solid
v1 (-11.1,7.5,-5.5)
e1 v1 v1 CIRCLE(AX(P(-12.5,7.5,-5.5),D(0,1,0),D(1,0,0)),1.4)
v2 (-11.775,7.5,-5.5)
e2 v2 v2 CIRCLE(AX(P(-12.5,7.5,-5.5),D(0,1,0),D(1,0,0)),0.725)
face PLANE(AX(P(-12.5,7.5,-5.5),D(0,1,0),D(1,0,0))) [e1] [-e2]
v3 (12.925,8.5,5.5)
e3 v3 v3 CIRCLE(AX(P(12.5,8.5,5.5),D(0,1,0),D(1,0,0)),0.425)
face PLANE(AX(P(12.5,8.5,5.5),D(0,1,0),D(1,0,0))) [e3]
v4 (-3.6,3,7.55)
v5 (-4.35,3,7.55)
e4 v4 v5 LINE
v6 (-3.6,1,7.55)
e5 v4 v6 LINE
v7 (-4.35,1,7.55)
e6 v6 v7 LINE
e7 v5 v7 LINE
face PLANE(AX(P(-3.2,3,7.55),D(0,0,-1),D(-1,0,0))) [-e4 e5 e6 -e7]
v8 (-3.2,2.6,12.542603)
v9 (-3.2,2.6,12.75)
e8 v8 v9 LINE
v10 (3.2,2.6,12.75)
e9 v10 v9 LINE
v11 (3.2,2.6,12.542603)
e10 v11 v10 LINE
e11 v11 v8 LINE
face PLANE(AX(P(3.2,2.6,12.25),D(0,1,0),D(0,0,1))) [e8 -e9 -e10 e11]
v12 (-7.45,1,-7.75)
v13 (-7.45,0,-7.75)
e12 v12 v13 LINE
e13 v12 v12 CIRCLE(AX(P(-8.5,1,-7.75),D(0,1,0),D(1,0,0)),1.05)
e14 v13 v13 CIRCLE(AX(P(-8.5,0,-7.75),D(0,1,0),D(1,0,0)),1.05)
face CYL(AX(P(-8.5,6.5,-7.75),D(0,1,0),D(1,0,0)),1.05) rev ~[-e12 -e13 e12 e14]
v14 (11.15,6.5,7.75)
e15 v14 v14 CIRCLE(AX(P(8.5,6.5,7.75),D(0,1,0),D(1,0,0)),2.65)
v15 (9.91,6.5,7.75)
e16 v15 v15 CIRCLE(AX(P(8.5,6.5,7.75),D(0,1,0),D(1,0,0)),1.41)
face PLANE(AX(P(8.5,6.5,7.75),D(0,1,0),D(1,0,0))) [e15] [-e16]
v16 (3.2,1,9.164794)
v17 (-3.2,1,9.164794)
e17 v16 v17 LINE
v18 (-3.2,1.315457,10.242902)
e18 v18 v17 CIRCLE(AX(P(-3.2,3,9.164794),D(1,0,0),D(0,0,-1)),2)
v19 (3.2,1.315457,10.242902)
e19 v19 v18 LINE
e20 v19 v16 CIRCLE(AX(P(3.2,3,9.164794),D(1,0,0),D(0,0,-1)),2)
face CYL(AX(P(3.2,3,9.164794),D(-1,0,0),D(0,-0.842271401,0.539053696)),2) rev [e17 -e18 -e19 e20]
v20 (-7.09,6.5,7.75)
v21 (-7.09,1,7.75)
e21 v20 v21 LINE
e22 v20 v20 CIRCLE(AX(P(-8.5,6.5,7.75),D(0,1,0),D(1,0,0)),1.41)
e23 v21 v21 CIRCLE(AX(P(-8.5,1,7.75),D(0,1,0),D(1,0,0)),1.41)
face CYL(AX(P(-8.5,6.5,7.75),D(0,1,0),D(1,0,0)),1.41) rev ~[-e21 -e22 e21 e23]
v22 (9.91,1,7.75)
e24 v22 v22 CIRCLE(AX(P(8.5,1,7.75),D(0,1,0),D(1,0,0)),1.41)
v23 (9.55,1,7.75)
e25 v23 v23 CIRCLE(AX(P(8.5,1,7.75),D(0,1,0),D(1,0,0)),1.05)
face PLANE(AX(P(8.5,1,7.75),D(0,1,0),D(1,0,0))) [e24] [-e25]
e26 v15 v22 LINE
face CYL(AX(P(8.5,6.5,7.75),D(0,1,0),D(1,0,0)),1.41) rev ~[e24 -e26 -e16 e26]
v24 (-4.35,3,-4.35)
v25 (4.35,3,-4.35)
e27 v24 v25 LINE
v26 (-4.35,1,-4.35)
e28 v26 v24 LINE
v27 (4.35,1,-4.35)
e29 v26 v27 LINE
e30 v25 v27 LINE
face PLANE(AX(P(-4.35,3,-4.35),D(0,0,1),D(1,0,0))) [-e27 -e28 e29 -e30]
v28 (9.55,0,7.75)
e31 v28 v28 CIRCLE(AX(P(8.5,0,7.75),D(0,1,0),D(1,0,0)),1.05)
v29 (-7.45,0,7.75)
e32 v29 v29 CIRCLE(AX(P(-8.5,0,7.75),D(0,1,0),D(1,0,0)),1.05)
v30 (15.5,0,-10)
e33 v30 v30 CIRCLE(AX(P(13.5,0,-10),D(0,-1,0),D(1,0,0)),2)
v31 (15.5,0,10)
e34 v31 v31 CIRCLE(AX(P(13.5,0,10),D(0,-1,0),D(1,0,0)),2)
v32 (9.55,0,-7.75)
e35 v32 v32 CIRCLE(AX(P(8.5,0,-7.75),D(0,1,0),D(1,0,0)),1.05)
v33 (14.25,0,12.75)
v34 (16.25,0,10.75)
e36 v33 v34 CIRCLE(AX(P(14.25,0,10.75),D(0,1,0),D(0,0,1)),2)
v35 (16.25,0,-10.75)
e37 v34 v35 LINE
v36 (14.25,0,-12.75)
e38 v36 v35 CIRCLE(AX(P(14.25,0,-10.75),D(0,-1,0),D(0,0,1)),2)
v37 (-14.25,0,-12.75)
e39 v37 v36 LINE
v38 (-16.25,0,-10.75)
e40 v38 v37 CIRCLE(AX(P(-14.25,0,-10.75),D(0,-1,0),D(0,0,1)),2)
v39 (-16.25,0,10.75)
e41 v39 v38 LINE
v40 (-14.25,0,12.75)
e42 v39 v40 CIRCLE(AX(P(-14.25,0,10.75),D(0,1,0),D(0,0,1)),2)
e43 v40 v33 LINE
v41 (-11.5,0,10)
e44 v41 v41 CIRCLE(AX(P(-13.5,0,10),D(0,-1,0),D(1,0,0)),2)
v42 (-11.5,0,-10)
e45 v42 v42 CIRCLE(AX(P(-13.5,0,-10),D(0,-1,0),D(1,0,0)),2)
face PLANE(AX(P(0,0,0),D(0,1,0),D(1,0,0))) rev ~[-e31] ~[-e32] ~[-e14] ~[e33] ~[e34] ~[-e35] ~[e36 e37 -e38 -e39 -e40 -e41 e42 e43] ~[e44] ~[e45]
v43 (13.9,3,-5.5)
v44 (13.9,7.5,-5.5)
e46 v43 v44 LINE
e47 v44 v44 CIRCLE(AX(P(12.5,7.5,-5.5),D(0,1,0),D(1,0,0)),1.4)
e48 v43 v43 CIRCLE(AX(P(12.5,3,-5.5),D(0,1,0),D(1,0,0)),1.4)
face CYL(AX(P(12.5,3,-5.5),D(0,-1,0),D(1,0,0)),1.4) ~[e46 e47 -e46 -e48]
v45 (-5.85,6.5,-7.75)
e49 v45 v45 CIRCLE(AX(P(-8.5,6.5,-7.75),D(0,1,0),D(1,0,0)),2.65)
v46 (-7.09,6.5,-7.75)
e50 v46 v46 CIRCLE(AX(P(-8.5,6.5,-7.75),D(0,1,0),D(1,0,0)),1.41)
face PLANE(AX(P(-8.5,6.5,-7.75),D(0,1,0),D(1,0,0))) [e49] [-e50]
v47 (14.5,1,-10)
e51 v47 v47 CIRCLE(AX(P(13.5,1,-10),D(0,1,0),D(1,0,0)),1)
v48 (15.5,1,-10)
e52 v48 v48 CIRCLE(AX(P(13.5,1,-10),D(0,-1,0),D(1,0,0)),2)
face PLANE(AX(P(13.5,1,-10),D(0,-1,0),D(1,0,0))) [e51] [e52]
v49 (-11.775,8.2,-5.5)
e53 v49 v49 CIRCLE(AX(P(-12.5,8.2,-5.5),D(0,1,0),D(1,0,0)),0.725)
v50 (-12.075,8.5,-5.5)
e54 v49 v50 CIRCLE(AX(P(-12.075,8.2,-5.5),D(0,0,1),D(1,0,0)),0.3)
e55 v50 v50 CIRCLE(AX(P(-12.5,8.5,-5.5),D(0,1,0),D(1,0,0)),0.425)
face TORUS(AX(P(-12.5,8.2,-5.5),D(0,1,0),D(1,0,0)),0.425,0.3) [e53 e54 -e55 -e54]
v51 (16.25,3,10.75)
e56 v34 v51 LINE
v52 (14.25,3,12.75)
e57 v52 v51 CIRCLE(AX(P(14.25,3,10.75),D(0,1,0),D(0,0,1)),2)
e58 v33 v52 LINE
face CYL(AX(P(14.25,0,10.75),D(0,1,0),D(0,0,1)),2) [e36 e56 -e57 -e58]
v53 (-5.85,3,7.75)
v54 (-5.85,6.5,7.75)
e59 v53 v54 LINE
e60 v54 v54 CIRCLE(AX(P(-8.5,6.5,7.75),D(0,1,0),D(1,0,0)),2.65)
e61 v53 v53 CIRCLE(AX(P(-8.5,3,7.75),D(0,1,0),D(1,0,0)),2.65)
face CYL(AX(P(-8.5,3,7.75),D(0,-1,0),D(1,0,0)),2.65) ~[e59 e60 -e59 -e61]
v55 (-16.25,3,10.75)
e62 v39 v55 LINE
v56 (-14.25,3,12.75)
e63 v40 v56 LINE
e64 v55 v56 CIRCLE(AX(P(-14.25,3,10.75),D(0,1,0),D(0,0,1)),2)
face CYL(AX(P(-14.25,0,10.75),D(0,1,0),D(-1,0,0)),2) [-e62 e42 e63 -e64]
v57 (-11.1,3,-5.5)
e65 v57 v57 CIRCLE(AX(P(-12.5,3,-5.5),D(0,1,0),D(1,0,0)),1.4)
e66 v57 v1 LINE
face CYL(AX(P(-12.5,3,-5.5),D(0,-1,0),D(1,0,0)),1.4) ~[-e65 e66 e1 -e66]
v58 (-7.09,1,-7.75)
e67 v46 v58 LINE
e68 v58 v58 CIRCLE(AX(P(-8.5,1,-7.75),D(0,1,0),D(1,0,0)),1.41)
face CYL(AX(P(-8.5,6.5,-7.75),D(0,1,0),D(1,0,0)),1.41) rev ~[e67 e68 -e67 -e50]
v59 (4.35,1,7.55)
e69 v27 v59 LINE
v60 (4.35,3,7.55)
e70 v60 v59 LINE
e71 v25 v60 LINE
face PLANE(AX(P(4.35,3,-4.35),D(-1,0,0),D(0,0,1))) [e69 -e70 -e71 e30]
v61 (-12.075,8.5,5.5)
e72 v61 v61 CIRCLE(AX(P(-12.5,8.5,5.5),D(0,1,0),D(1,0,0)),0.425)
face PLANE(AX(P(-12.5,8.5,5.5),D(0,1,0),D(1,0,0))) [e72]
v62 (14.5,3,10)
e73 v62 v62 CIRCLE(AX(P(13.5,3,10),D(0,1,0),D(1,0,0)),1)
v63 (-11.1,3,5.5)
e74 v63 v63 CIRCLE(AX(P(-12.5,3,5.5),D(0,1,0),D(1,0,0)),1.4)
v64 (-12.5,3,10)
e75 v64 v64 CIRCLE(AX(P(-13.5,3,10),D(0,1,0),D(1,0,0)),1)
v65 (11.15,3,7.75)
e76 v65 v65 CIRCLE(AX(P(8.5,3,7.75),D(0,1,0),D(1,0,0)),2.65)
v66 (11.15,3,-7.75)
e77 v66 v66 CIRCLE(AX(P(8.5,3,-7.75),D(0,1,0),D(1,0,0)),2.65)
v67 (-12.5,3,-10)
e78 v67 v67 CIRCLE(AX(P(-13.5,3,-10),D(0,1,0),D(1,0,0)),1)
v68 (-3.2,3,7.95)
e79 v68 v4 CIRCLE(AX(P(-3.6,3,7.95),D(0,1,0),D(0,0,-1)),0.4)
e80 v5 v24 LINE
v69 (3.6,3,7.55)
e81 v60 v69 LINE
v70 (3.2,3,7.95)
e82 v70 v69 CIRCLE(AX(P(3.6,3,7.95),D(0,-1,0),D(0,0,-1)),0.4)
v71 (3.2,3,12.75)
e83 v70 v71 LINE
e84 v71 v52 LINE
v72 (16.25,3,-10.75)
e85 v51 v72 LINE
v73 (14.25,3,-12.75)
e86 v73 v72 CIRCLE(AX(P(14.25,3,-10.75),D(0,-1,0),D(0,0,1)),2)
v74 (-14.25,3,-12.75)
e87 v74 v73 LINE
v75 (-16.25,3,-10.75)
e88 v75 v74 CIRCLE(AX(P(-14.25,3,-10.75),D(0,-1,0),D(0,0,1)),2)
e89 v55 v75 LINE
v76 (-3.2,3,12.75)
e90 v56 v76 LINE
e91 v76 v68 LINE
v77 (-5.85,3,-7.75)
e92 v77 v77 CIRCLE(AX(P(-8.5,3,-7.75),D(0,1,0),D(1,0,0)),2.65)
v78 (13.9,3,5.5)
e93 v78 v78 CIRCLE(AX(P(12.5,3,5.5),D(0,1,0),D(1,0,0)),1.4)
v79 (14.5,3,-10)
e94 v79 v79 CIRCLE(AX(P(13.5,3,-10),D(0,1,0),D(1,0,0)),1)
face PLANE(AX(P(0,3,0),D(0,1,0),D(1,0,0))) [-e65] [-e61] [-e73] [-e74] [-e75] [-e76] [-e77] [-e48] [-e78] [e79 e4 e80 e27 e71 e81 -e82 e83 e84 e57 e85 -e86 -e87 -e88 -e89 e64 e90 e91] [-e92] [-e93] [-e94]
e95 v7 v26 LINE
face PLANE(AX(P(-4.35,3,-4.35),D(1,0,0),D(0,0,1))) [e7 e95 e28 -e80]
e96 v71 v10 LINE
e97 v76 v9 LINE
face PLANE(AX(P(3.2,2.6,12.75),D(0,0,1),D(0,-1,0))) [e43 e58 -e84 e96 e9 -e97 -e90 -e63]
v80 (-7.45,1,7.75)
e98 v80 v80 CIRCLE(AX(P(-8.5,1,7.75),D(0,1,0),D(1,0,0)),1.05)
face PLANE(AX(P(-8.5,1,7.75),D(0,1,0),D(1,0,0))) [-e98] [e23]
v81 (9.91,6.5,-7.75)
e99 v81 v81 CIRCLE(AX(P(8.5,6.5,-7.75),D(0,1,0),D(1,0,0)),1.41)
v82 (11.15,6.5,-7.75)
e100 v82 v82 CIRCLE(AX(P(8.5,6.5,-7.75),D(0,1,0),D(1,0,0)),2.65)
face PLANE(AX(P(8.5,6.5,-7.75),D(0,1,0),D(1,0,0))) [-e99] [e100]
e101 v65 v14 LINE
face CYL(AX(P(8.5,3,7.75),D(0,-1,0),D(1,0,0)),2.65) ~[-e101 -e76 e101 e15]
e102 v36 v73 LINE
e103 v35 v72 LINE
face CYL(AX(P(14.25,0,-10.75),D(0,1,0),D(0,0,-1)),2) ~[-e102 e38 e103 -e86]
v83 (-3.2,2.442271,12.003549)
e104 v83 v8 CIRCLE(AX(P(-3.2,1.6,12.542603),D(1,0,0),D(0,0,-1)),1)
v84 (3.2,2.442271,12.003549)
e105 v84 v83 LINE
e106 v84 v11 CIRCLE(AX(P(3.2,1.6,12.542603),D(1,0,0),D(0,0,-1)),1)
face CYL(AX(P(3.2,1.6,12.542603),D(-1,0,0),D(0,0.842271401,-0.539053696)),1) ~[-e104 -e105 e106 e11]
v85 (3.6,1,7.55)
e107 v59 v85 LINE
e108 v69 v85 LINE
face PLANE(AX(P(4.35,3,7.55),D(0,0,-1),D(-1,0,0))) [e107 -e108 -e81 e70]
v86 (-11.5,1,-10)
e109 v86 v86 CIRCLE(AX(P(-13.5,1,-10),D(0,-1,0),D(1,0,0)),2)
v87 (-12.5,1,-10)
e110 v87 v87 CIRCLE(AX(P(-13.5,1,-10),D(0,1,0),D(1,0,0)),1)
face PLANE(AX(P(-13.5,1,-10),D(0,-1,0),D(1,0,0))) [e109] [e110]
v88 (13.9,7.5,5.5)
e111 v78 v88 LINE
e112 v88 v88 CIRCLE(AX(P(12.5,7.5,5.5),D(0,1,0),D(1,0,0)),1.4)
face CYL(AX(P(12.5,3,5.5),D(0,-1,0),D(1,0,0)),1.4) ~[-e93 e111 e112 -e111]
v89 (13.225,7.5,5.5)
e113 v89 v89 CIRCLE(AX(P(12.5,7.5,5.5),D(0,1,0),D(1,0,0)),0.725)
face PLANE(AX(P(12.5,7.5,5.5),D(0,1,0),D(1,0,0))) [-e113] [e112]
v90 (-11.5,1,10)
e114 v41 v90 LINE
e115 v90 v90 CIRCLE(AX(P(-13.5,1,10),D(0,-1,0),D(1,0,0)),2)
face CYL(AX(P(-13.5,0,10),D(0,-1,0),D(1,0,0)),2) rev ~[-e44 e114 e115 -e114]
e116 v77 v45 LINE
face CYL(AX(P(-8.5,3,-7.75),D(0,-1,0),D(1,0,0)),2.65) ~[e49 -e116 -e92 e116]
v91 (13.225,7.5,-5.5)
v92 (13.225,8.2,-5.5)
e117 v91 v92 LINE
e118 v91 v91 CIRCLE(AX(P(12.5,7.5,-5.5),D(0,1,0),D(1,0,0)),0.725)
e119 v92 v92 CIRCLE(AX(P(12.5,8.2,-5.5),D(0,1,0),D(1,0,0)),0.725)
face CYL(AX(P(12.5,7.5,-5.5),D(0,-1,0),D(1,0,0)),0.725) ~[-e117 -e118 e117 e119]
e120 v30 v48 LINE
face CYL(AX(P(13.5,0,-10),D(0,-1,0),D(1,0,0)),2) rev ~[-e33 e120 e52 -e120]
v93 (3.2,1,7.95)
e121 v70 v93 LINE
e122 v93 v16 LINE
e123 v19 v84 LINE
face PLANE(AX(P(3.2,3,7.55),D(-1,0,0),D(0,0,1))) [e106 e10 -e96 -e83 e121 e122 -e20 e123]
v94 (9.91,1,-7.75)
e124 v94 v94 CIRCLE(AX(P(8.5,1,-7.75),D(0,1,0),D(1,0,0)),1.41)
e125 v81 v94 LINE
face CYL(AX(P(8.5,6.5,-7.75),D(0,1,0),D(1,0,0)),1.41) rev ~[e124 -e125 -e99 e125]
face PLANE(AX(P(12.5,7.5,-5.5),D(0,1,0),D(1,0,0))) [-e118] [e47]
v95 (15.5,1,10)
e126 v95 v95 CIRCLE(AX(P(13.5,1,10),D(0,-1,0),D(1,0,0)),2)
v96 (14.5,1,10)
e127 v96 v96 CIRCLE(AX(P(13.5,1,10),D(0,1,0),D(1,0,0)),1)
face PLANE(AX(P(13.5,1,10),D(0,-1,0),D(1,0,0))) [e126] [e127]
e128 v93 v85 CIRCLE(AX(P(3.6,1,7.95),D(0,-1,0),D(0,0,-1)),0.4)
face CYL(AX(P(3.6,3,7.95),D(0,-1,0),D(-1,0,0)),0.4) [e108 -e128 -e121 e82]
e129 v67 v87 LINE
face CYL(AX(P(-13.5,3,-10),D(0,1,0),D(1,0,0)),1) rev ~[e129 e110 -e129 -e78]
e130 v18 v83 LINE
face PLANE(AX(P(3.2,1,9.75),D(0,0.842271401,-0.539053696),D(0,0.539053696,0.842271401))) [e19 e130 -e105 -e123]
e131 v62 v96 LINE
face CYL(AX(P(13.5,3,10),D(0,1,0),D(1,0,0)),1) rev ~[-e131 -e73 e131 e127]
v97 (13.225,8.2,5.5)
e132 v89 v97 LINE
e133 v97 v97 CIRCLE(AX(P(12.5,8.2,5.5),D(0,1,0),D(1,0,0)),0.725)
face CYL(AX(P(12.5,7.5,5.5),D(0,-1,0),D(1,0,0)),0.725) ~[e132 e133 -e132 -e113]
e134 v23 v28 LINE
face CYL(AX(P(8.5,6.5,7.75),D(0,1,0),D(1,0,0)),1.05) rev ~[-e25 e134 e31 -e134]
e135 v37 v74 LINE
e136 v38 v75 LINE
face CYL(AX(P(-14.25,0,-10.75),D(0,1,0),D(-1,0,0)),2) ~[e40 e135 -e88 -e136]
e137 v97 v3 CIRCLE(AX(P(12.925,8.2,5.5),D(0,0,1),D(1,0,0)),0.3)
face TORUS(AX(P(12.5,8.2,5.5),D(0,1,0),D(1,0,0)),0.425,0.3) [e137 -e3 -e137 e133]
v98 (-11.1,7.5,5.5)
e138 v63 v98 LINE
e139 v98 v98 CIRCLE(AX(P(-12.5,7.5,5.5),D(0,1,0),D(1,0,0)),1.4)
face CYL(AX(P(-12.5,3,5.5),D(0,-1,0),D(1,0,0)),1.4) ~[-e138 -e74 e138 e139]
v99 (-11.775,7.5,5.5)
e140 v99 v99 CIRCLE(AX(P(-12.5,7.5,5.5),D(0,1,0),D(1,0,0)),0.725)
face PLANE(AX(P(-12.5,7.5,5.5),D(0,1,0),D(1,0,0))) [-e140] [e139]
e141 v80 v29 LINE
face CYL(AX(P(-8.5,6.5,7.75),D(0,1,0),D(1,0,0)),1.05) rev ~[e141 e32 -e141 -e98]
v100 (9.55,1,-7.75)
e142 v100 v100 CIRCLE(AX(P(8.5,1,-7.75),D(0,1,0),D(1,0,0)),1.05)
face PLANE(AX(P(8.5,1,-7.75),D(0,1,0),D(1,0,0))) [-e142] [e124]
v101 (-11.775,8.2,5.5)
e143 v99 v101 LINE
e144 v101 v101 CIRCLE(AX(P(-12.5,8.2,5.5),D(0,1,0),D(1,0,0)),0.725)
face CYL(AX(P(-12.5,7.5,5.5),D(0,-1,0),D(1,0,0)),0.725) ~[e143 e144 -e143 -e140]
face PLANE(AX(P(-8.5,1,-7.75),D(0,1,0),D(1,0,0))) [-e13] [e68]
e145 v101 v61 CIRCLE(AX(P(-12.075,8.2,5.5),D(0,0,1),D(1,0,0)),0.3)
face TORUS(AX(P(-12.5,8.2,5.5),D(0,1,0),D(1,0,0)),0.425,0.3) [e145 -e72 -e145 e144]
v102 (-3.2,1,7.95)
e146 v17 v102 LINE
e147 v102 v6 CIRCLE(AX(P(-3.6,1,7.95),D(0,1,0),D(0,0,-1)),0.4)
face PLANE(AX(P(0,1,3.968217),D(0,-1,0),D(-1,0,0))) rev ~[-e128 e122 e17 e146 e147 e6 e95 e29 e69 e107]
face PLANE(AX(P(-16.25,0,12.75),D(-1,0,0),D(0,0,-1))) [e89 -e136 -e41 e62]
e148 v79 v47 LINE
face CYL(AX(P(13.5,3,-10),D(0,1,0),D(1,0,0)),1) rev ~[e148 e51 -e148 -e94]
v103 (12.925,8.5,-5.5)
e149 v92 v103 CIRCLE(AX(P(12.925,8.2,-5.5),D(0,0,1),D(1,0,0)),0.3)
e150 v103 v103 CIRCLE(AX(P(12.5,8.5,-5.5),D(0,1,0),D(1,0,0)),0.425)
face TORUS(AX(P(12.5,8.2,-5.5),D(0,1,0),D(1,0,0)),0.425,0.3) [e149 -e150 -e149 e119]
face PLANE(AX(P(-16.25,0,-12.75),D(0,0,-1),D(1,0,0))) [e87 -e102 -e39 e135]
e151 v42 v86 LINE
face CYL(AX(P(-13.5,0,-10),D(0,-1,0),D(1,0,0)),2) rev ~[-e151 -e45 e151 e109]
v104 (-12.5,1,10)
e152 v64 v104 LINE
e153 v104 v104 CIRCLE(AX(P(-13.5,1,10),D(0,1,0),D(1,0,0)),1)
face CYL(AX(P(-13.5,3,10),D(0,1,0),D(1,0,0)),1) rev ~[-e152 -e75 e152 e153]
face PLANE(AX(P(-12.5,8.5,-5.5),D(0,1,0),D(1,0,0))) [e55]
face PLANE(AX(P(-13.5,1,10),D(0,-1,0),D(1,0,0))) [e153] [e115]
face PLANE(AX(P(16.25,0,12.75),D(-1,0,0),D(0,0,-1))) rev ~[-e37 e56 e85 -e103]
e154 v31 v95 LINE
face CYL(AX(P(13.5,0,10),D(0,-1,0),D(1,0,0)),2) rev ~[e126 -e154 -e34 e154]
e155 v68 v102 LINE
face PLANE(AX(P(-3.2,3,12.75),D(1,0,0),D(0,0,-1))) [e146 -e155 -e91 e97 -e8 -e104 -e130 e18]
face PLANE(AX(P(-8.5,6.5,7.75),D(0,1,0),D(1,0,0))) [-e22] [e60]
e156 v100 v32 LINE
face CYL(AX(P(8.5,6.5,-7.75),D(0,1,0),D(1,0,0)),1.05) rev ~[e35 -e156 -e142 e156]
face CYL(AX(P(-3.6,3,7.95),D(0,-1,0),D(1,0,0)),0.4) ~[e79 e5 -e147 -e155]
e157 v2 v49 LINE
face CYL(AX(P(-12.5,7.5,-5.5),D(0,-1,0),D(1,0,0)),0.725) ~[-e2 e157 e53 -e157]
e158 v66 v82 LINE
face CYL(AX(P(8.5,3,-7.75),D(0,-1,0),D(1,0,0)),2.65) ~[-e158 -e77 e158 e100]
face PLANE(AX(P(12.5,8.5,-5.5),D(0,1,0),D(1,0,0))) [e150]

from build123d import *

# Parameters (mm, degrees)
SKETCH_1_W          = 32.5
SKETCH_1_H          = 25.5
EXTRUDE_1_DEPTH     = 3
EXTRUDE_2_DEPTH     = 1.5
SKETCH_5_R          = 1.4
EXTRUDE_3_DEPTH     = 4.5
SKETCH_6_R          = 0.725
EXTRUDE_4_DEPTH     = 1
SKETCH_7_R          = 1
CUT_EXTRUDE_1_DEPTH = 10
SKETCH_8_R          = 2
CUT_EXTRUDE_2_DEPTH = 1
FILLET_1_R          = 2
SKETCH_9_R          = 2.65
EXTRUDE_5_DEPTH     = 3.5
SKETCH_11_R         = 1.05
CUT_EXTRUDE_4_DEPTH = 100
SKETCH_12_R         = 1.41
CUT_EXTRUDE_5_DEPTH = 5.5
FILLET_2_R          = 0.3
CUT_EXTRUDE_8_DEPTH = 2
CUT_EXTRUDE_9_DEPTH = 1.5
EXTRUDE_6_DEPTH     = 6.4
FILLET_3_R          = 2
FILLET_5_R          = 1
FILLET_6_R          = 0.4


with BuildPart() as part:
    # 草图1 → 凸台-拉伸1 (new body)
    with BuildSketch(Plane(origin=(0, 0, 0), x_dir=(1, 0, 0), z_dir=(0, 1, 0))):
        Rectangle(SKETCH_1_W, SKETCH_1_H)
    extrude(amount=EXTRUDE_1_DEPTH)

    # 草图2 → 凸台-拉伸2 (add)
    with BuildSketch(Plane(origin=(0, 3, 0), x_dir=(1, 0, 0), z_dir=(0, 1, 0))):
        Polygon((-5.35, 5.35), (5.35, 5.35), (5.35, -7.55), (4.35, -7.55), (4.35, 4.35), (-4.35, 4.35), (-4.35, -7.55), (-5.35, -7.55), align=None)
    extrude(amount=EXTRUDE_2_DEPTH)

    # 草图5 → 凸台-拉伸3 (add)
    with BuildSketch(Plane(origin=(0, 3, 0), x_dir=(1, 0, 0), z_dir=(0, 1, 0))):
        with Locations((12.5, 5.5)):
            Circle(SKETCH_5_R)
        with Locations((12.5, -5.5)):
            Circle(SKETCH_5_R)
        with Locations((-12.5, -5.5)):
            Circle(SKETCH_5_R)
        with Locations((-12.5, 5.5)):
            Circle(SKETCH_5_R)
    extrude(amount=EXTRUDE_3_DEPTH)

    # 草图6 → 凸台-拉伸4 (add)
    with BuildSketch(Plane(origin=(0, 7.5, 0), x_dir=(1, 0, 0), z_dir=(0, 1, 0))):
        with Locations((-12.5, -5.5)):
            Circle(SKETCH_6_R)
        with Locations((-12.5, 5.5)):
            Circle(SKETCH_6_R)
        with Locations((12.5, 5.5)):
            Circle(SKETCH_6_R)
        with Locations((12.5, -5.5)):
            Circle(SKETCH_6_R)
    extrude(amount=EXTRUDE_4_DEPTH)

    # 草图7 → 切除-拉伸1 (cut)
    with BuildSketch(Plane(origin=(0, 3, 0), x_dir=(1, 0, 0), z_dir=(0, 1, 0))):
        with Locations((13.5, 10)):
            Circle(SKETCH_7_R)
        with Locations((-13.5, 10)):
            Circle(SKETCH_7_R)
        with Locations((-13.5, -10)):
            Circle(SKETCH_7_R)
        with Locations((13.5, -10)):
            Circle(SKETCH_7_R)
    extrude(amount=-CUT_EXTRUDE_1_DEPTH, mode=Mode.SUBTRACT)

    # 草图8 → 切除-拉伸2 (cut)
    with BuildSketch(Plane.XZ):
        with Locations((-13.5, 10)):
            Circle(SKETCH_8_R)
        with Locations((13.5, 10)):
            Circle(SKETCH_8_R)
        with Locations((13.5, -10)):
            Circle(SKETCH_8_R)
        with Locations((-13.5, -10)):
            Circle(SKETCH_8_R)
    extrude(amount=-CUT_EXTRUDE_2_DEPTH, mode=Mode.SUBTRACT)

    # 圆角1
    fillet_1_edges = [part.edges().sort_by_distance(p)[0] for p in [
        (16.25, 1.5, 12.75),
        (-16.25, 1.5, 12.75),
        (-16.25, 1.5, -12.75),
        (16.25, 1.5, -12.75),
    ]]
    fillet(fillet_1_edges, radius=FILLET_1_R)

    # 草图9 → 凸台-拉伸5 (add)
    with BuildSketch(Plane(origin=(0, 3, 0), x_dir=(1, 0, 0), z_dir=(0, 1, 0))):
        with Locations((8.5, 7.75)):
            Circle(SKETCH_9_R)
        with Locations((-8.5, 7.75)):
            Circle(SKETCH_9_R)
        with Locations((-8.5, -7.75)):
            Circle(SKETCH_9_R)
        with Locations((8.5, -7.75)):
            Circle(SKETCH_9_R)
    extrude(amount=EXTRUDE_5_DEPTH)

    # 草图11 → 切除-拉伸4 (cut)
    with BuildSketch(Plane(origin=(0, 6.5, 0), x_dir=(1, 0, 0), z_dir=(0, 1, 0))):
        with Locations((-8.5, 7.75)):
            Circle(SKETCH_11_R)
        with Locations((-8.5, -7.75)):
            Circle(SKETCH_11_R)
        with Locations((8.5, -7.75)):
            Circle(SKETCH_11_R)
        with Locations((8.5, 7.75)):
            Circle(SKETCH_11_R)
    extrude(amount=-CUT_EXTRUDE_4_DEPTH, mode=Mode.SUBTRACT)

    # 草图12 → 切除-拉伸5 (cut)
    with BuildSketch(Plane(origin=(0, 6.5, 0), x_dir=(1, 0, 0), z_dir=(0, 1, 0))):
        with Locations((-8.5, 7.75)):
            Circle(SKETCH_12_R)
        with Locations((8.5, 7.75)):
            Circle(SKETCH_12_R)
        with Locations((-8.5, -7.75)):
            Circle(SKETCH_12_R)
        with Locations((8.5, -7.75)):
            Circle(SKETCH_12_R)
    extrude(amount=-CUT_EXTRUDE_5_DEPTH, mode=Mode.SUBTRACT)

    # 圆角2
    fillet_2_edges = [part.edges().sort_by_distance(p)[0] for p in [
        (-13.225, 8.5, 5.5),
        (-13.225, 8.5, -5.5),
        (11.775, 8.5, -5.5),
        (11.775, 8.5, 5.5),
    ]]
    fillet(fillet_2_edges, radius=FILLET_2_R)

    # 草图15 → 切除-拉伸8 (cut)
    with BuildSketch(Plane(origin=(0, 3, 0), x_dir=(1, 0, 0), z_dir=(0, 1, 0))):
        Polygon((-4.35, 4.35), (4.35, 4.35), (4.35, -7.55), (3.2, -7.55), (3.2, -12.75), (-3.2, -12.75), (-3.2, -7.55), (-4.35, -7.55), align=None)
    extrude(amount=-CUT_EXTRUDE_8_DEPTH, mode=Mode.SUBTRACT)

    # 草图17 → 切除-拉伸9 (cut)
    with BuildSketch(Plane(origin=(0, 4.5, 0), x_dir=(1, 0, 0), z_dir=(0, 1, 0))):
        Polygon((-4.35, -7.55), (-4.35, 4.35), (4.35, 4.35), (4.35, -7.55), (5.35, -7.55), (5.35, 5.35), (-5.35, 5.35), (-5.35, -7.55), align=None)
    extrude(amount=-CUT_EXTRUDE_9_DEPTH, mode=Mode.SUBTRACT)

    # 草图18 → 凸台-拉伸6 (add)
    with BuildSketch(Plane.ZY.offset(-3.2)):
        Polygon((12.75, 1), (9.75, 1), (12.25, 2.6), (12.75, 2.6), align=None)
    extrude(amount=EXTRUDE_6_DEPTH)

    # 圆角3
    fillet_3_edges = [part.edges().sort_by_distance(p)[0] for p in [
        (0, 1, 9.75),
    ]]
    fillet(fillet_3_edges, radius=FILLET_3_R)

    # 圆角5
    fillet_5_edges = [part.edges().sort_by_distance(p)[0] for p in [
        (0, 2.6, 12.25),
    ]]
    fillet(fillet_5_edges, radius=FILLET_5_R)

    # 圆角6
    fillet_6_edges = [part.edges().sort_by_distance(p)[0] for p in [
        (3.2, 2, 7.55),
        (-3.2, 2, 7.55),
    ]]
    fillet(fillet_6_edges, radius=FILLET_6_R)


solid = part.part
